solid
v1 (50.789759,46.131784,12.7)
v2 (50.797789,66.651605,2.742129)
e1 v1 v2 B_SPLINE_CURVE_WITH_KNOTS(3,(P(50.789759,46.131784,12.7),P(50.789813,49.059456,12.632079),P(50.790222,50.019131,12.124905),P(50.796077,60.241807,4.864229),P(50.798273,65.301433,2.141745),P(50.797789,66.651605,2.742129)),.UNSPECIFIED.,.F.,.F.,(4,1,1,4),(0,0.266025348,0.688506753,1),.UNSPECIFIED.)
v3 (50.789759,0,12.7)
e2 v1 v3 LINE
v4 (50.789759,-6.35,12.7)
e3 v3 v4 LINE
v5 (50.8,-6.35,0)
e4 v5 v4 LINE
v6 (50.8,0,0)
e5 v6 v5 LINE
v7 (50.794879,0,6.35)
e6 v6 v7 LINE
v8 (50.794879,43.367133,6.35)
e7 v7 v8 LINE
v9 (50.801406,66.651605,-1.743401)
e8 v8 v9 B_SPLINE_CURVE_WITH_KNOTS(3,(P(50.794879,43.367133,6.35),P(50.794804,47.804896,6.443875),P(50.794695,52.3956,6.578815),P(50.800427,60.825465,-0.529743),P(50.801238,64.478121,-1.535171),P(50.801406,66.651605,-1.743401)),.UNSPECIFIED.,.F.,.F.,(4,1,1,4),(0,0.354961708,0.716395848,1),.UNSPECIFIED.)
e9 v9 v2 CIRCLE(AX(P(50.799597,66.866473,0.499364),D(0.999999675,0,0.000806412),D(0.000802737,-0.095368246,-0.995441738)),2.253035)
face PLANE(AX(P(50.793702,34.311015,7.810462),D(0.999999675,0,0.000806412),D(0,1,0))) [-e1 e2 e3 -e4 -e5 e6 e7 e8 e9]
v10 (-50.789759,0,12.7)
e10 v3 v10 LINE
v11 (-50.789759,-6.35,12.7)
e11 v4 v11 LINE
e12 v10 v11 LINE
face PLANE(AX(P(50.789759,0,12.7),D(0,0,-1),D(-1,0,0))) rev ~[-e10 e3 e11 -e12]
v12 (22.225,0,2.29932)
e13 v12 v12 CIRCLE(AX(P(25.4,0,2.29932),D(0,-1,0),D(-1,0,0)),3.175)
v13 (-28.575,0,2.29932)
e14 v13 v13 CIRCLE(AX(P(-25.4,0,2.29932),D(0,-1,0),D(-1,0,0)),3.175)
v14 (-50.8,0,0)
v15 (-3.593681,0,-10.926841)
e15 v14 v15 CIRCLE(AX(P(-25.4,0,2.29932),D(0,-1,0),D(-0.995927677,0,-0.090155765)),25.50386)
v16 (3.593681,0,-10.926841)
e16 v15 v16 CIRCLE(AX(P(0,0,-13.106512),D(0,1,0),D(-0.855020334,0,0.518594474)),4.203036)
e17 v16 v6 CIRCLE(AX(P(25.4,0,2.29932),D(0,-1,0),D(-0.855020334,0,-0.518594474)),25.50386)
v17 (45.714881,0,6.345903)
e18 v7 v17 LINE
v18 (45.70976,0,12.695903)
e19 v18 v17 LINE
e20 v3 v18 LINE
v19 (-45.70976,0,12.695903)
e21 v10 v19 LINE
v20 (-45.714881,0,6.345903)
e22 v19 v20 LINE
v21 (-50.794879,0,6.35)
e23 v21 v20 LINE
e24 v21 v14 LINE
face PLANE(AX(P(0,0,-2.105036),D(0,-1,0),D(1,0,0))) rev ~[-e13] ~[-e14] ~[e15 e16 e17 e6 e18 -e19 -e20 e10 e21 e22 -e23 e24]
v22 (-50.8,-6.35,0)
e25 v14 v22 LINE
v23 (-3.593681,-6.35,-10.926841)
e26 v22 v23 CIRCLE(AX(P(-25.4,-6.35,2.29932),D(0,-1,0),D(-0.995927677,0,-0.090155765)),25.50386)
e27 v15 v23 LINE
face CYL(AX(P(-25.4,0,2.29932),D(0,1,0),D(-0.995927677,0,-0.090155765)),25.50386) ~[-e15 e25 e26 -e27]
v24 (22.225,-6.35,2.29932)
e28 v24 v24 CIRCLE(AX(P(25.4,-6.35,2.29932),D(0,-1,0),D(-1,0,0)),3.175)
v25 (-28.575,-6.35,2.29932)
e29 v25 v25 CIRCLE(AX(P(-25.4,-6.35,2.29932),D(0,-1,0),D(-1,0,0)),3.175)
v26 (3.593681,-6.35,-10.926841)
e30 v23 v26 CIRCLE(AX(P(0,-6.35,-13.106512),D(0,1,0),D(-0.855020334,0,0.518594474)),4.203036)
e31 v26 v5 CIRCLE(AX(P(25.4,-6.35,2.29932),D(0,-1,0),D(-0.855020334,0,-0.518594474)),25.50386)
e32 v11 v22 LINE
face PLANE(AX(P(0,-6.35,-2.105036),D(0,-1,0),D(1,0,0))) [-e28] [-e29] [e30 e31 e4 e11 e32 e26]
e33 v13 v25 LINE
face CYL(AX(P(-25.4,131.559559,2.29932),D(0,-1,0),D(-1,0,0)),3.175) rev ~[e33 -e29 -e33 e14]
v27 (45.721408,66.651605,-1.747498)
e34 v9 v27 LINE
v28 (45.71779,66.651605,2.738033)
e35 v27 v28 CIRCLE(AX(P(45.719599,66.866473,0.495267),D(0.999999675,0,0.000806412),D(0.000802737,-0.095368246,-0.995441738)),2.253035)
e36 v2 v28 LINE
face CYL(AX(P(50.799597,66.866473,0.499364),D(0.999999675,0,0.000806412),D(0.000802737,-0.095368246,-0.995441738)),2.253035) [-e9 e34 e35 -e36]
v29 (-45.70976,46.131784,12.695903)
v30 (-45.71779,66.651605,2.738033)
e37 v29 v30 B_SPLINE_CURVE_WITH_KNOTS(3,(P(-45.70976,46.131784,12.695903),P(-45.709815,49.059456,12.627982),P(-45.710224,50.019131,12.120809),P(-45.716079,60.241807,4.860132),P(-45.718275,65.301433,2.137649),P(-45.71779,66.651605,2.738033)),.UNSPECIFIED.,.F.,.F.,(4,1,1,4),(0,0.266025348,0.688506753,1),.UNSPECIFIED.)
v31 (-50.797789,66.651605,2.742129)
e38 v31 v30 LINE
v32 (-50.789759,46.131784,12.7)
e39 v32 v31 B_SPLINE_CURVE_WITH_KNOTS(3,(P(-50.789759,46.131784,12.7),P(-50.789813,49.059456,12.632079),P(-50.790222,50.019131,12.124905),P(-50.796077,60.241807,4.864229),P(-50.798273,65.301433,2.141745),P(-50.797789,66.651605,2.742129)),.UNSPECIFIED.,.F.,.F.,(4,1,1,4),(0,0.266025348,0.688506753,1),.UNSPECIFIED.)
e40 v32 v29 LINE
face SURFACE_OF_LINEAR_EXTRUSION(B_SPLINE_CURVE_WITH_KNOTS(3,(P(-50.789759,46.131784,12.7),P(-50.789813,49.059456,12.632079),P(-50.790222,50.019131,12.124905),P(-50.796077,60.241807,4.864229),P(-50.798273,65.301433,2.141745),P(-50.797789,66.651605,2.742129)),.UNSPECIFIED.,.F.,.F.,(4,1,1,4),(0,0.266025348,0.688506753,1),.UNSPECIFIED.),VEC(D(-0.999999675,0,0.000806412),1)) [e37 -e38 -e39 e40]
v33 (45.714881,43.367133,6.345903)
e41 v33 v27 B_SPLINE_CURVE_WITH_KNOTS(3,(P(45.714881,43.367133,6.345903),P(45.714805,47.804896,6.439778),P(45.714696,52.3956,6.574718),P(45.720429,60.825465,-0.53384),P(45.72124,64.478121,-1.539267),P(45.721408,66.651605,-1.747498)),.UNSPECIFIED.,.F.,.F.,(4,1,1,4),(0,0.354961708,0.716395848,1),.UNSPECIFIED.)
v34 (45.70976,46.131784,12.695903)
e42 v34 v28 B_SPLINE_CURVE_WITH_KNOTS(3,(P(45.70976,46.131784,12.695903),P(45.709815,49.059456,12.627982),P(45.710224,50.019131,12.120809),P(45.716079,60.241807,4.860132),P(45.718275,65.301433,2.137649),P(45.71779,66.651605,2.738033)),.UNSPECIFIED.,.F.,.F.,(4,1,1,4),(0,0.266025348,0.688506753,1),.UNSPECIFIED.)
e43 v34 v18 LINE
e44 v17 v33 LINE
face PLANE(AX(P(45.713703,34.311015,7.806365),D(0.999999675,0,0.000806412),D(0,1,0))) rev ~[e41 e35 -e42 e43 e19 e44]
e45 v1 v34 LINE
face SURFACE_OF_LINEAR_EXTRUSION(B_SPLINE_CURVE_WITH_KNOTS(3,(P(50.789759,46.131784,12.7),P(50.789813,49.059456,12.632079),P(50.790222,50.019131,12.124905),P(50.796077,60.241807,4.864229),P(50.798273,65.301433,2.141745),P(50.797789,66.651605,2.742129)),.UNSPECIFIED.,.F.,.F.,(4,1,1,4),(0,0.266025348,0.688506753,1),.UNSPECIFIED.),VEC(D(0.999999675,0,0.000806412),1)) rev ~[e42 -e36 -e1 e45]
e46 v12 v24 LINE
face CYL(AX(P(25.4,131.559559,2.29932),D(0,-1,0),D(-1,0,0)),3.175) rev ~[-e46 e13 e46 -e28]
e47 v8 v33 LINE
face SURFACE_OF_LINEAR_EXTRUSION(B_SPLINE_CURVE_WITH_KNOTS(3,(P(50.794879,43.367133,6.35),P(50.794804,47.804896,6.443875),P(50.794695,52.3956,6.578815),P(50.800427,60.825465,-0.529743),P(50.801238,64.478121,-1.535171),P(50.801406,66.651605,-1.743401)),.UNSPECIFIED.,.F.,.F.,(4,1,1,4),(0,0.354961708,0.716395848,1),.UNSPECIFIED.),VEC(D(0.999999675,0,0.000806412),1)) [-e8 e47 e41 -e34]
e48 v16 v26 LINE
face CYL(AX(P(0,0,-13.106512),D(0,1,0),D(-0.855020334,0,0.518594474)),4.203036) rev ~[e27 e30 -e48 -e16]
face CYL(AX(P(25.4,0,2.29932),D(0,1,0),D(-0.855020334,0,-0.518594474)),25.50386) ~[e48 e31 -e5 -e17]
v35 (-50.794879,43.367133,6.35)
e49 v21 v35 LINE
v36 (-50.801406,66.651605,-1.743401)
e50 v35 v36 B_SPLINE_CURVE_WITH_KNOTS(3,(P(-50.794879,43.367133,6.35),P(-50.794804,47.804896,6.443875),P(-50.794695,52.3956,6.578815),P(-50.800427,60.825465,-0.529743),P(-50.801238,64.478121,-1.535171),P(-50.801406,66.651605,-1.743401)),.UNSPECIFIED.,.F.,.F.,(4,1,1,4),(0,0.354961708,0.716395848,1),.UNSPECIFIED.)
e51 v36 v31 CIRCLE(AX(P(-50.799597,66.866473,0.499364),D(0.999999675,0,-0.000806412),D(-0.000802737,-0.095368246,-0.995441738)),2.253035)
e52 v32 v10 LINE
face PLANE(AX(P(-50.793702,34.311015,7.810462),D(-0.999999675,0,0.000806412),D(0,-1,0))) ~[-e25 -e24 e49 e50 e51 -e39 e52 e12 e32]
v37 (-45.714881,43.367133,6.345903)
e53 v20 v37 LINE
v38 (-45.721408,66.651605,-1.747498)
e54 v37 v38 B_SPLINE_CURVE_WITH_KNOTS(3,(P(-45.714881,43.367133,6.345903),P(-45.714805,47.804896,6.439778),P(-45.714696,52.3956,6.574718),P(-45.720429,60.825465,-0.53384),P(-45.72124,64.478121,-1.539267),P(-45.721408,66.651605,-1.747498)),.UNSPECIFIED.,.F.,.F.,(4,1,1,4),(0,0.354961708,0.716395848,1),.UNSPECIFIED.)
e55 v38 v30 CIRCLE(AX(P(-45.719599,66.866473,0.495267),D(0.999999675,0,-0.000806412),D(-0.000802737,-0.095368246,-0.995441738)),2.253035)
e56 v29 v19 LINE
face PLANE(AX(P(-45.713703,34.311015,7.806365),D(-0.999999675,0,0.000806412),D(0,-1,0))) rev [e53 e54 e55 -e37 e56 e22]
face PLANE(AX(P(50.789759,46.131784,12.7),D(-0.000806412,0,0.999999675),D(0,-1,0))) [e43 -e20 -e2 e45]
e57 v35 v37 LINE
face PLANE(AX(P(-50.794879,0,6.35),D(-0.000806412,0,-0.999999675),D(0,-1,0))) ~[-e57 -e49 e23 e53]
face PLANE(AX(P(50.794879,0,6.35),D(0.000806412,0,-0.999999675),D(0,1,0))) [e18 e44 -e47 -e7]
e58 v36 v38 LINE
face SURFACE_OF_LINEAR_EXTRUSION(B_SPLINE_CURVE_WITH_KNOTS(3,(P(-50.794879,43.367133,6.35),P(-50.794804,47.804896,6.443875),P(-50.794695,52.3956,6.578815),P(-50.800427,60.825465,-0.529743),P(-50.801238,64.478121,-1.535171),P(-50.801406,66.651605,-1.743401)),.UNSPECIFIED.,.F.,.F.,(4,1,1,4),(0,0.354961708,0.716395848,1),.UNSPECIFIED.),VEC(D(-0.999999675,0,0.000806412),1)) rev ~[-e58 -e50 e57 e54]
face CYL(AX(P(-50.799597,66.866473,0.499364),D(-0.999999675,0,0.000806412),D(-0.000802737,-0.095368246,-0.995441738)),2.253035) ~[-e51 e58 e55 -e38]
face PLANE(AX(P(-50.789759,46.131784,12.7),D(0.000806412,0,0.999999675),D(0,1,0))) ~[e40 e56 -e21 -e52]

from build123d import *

# Parameters (mm, degrees)
F1_DEPTH = 6.35
F3_DEPTH = 5.08
F6_D     = 6.35


with BuildPart() as f1:
    # F0 (on Front) → F1 (new body)
    with BuildSketch(Plane.XZ):
        with BuildLine():
            Line((-50.789758563, 12.7), (-50.8, 0))
            ThreePointArc((-50.8, 0), (-31.1513127772, -22.5475967725), (-3.5936811473, -10.9268408269))
            ThreePointArc((-3.5936811473, -10.9268408269), (0, -8.9034761257), (3.5936811473, -10.9268408269))
            ThreePointArc((3.5936811473, -10.9268408269), (31.1513127772, -22.5475967725), (50.8, 0))
            Line((50.8, 0), (50.789758563, 12.7))
            Line((50.789758563, 12.7), (0, 12.7))
            Line((0, 12.7), (-50.789758563, 12.7))
        make_face()
    extrude(amount=F1_DEPTH)

    # F2 (on face) → F3 (join)
    with BuildSketch(Plane(origin=(50.7999669647, 0, 0.0409657212), x_dir=(0, 1, 0), z_dir=(0.9999996748, 0, 0.0008064121))):
        with BuildLine():
            Line((46.1317837944, 12.6590383949), (0, 12.6590383949))
            Line((0, 12.6590383949), (0, 6.3090363302))
            Line((0, 6.3090363302), (43.3671333809, 6.3090363302))
            add(Edge.make_bspline(
                [(43.3671333809, 6.3090363302), (47.8048958927, 6.4029112237), (52.3956002369, 6.5378512338), (60.8254648697, -0.5707092536), (64.4781213146, -1.5761370426), (66.6516050696, -1.7843674764)],
                knots=[0, 0, 0, 0, 0.3549617082, 0.7163958478, 1, 1, 1, 1], degree=3))
            ThreePointArc((66.6516050696, -1.7843674764), (69.1195081439, 0.4583984006), (66.6516050696, 2.7011642776))
            add(Edge.make_bspline(
                [(46.1317837944, 12.6590383949), (49.0594556176, 12.5911172202), (50.0191314518, 12.0839436725), (60.2418071998, 4.8232645807), (65.3014332056, 2.1007801406), (66.6516050696, 2.7011642776)],
                knots=[0, 0, 0, 0, 0.2660253484, 0.6885067526, 1, 1, 1, 1], degree=3))
        make_face()
    extrude(amount=-F3_DEPTH)

    # F4: F1 across plane


with BuildPart() as f1_1:
    add(f1.part)
    add(f1.part.mirror(Plane.YZ))

    # F6 (through all)
    with Locations(Plane(origin=(0, 0, 0), x_dir=(1, 0, 0), z_dir=(0, 1, 0))):
        with Locations((25.4, -2.2993200155), (-25.4, -2.2993200155)):
            Hole(F6_D / 2)


solid = f1_1.part
